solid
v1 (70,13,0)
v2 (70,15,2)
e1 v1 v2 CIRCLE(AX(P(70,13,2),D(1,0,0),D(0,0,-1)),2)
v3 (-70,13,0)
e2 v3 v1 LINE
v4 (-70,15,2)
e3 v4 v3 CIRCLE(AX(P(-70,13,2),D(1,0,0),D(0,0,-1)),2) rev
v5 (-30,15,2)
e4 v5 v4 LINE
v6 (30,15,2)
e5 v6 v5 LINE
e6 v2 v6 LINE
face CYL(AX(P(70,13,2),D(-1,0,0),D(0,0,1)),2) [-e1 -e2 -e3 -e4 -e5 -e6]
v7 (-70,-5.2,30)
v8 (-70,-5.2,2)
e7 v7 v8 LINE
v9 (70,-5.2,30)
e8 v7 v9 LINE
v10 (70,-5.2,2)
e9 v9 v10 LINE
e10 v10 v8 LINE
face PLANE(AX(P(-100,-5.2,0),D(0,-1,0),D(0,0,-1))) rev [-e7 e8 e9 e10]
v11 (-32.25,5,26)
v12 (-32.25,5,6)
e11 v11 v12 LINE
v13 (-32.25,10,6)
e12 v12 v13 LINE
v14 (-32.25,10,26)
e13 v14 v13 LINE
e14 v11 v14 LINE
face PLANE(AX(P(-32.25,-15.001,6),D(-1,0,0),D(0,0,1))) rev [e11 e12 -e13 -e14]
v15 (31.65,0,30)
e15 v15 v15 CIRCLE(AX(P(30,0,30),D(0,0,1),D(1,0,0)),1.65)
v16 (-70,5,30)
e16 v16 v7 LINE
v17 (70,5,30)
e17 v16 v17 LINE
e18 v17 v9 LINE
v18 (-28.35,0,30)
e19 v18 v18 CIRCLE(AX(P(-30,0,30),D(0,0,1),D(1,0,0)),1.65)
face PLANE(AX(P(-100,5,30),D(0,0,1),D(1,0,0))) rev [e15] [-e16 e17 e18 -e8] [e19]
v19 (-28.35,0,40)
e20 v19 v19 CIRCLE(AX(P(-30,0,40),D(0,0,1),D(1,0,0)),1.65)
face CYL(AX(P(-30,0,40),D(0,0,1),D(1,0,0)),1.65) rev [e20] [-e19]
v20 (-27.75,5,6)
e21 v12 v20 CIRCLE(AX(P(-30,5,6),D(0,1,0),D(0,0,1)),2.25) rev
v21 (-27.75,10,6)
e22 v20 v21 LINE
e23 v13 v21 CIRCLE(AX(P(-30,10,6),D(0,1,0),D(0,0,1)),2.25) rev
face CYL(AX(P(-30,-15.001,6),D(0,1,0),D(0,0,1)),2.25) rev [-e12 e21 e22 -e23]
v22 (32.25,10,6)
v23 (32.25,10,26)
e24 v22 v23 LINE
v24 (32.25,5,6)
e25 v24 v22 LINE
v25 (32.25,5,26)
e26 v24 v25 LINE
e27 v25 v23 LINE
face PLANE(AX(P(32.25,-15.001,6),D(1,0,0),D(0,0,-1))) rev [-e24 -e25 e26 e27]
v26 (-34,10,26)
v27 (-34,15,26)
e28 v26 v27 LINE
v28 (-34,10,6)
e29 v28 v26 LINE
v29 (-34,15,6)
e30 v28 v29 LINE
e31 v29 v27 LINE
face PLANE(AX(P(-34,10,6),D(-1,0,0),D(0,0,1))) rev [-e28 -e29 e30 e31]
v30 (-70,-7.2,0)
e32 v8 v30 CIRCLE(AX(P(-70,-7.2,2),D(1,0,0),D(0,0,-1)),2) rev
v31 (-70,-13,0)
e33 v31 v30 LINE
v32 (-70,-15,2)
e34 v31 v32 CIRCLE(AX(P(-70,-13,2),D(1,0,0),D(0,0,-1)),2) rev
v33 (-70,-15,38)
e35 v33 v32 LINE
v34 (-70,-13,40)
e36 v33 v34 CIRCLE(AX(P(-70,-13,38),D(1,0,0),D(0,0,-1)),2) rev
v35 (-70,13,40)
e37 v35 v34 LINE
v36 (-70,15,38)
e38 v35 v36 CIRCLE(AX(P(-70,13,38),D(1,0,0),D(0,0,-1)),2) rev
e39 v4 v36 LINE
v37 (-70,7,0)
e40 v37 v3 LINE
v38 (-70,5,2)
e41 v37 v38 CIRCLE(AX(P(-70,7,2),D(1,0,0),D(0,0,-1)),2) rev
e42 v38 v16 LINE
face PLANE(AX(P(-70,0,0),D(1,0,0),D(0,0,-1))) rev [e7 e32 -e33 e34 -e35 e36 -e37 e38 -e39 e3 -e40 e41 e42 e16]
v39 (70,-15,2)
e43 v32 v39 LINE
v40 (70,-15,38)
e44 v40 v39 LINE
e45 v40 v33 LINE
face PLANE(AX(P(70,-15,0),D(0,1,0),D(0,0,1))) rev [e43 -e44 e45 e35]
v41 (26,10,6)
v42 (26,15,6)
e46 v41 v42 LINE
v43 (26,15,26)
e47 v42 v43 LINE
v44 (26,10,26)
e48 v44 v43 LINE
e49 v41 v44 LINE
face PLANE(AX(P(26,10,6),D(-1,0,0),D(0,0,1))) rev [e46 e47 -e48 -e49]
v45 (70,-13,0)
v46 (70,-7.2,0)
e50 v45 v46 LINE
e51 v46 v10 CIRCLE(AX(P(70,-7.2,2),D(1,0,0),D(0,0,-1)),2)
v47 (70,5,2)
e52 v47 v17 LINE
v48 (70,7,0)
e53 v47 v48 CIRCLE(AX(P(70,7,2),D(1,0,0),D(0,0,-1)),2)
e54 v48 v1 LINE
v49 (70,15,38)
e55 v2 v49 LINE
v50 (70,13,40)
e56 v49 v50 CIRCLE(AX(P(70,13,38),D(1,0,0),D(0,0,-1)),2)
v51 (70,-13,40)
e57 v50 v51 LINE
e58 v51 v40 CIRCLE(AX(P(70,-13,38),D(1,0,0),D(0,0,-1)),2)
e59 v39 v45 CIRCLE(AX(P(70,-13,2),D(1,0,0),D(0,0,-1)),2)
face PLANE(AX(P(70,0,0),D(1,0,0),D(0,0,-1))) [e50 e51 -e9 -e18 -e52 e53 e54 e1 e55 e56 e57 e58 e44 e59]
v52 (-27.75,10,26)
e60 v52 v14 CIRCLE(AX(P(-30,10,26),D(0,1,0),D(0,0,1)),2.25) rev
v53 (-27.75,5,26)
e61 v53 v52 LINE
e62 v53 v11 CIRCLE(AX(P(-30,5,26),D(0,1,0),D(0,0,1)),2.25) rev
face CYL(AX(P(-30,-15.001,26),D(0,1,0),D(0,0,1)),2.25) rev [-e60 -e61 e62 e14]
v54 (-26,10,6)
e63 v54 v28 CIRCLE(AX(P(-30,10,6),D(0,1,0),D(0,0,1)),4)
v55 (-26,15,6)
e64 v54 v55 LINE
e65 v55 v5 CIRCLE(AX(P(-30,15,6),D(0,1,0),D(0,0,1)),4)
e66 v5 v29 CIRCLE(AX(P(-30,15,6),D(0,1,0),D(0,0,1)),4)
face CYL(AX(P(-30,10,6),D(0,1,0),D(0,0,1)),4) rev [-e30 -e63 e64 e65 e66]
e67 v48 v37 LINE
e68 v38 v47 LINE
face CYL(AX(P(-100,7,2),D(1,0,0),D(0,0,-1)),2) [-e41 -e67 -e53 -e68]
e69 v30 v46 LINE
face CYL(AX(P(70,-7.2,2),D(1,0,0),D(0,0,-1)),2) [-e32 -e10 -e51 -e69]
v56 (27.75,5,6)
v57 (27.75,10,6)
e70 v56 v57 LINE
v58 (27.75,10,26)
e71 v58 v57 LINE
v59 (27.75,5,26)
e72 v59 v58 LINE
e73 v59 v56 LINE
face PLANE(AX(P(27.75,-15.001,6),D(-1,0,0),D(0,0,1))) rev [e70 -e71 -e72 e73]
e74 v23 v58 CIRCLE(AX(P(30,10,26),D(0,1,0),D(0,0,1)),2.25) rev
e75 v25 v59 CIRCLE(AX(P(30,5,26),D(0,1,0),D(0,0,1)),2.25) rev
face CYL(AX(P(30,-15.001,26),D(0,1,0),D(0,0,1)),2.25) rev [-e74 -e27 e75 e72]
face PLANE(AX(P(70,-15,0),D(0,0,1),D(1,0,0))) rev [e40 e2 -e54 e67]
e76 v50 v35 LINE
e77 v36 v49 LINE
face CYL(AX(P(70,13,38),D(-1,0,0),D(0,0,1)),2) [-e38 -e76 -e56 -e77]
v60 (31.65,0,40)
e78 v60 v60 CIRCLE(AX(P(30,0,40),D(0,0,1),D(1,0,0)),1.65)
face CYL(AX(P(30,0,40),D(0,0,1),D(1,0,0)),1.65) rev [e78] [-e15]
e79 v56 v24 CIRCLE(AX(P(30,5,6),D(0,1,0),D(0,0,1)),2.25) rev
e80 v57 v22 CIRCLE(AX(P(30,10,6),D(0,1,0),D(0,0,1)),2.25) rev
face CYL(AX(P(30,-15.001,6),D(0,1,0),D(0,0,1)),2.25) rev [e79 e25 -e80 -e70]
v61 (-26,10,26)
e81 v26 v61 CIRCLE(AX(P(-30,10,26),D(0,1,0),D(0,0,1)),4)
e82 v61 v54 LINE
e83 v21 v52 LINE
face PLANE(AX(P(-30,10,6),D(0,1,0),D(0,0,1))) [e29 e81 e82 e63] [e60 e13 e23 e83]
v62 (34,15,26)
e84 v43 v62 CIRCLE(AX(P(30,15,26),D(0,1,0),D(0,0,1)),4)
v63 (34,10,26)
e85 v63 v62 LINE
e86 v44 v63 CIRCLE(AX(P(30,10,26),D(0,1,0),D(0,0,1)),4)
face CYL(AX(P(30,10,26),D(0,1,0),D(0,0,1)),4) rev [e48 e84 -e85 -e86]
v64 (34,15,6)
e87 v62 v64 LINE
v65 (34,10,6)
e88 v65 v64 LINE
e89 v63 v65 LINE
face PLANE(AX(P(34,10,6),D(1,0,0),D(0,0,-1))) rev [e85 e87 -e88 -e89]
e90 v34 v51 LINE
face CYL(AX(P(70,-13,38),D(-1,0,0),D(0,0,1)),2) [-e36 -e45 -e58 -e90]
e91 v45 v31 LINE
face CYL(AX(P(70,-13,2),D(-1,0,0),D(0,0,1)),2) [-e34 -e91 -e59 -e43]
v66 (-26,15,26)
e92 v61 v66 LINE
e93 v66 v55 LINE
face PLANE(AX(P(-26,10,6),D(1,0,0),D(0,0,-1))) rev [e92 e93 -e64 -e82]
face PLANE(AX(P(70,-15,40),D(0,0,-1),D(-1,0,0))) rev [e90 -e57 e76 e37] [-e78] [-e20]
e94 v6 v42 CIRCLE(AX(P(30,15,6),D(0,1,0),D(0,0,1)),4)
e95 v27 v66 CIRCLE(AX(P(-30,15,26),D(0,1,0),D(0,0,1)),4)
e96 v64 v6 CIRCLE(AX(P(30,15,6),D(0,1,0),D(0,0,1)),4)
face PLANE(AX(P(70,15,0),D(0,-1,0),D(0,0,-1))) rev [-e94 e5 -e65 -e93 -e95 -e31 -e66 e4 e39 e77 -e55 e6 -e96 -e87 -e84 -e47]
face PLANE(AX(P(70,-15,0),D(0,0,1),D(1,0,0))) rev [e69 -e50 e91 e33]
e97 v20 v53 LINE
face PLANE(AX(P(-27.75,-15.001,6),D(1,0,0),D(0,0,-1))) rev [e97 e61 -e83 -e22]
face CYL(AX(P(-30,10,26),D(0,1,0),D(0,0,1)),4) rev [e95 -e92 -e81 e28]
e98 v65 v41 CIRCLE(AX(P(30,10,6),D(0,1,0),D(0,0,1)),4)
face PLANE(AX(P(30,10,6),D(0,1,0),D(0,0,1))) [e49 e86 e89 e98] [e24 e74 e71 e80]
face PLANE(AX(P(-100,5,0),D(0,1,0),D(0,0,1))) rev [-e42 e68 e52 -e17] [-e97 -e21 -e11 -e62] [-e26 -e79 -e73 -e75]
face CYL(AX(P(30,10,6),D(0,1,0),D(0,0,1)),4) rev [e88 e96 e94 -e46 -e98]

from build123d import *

# Parameters (mm, degrees)
ESQUISSE1_W             = 40
ESQUISSE1_H             = 30
BOSS_EXTRU_1_DEPTH      = 70
ESQUISSE2_W             = 30
ESQUISSE2_H             = 10.2
ENL_V_MAT_EXTRU_1_DEPTH = 100
CONG_1_R                = 2
ENL_V_MAT_EXTRU_2_REACH = 88.023
ENL_V_MAT_EXTRU_3_DEPTH = 5
TROU_TARAUD_M41_D       = 3.3


with BuildPart() as part:
    # Esquisse1 → Boss.-Extru.1 (new, symmetric)
    with BuildSketch(Plane(origin=(0, 0, 0), x_dir=(0, 0, -1), z_dir=(1, 0, 0))):
        with Locations((-20, 0)):
            Rectangle(ESQUISSE1_W, ESQUISSE1_H)
    extrude(amount=BOSS_EXTRU_1_DEPTH, both=True)

    # Esquisse2 → Enlèv. mat.-Extru.1 (cut, symmetric)
    with BuildSketch(Plane(origin=(0, 0, 0), x_dir=(0, 0, -1), z_dir=(1, 0, 0))):
        with Locations((-15, -0.1)):
            Rectangle(ESQUISSE2_W, ESQUISSE2_H)
    extrude(amount=ENL_V_MAT_EXTRU_1_DEPTH, both=True, mode=Mode.SUBTRACT)

    # Congé1
    cong_1_edges = [part.edges().sort_by_distance(p)[0] for p in [
        (0, 5, 0),
        (0, -5.2, 0),
        (0, -15, 0),
        (0, -15, 40),
        (0, 15, 40),
        (0, 15, 0),
    ]]
    fillet(cong_1_edges, radius=CONG_1_R)

    # Esquisse5 → Enlèv. mat.-Extru.2 (cut, up to next)
    with BuildSketch(Plane(origin=(0, 15, 0), x_dir=(1, 0, 0), z_dir=(0, 1, 0)), mode=Mode.PRIVATE) as enl_v_mat_extru_2_sk1:
        with BuildLine():
            Line((-32.25, -6), (-32.25, -26))
            ThreePointArc((-32.25, -26), (-30, -28.25), (-27.75, -26))
            Line((-27.75, -26), (-27.75, -6))
            ThreePointArc((-27.75, -6), (-30, -3.75), (-32.25, -6))
        make_face()
    enl_v_mat_extru_2_tool1 = extrude(enl_v_mat_extru_2_sk1.sketch, amount=-ENL_V_MAT_EXTRU_2_REACH, mode=Mode.PRIVATE) & part.part
    # Esquisse5 → Enlèv. mat.-Extru.2 (cut, up to next)
    with BuildSketch(Plane(origin=(0, 15, 0), x_dir=(1, 0, 0), z_dir=(0, 1, 0)), mode=Mode.PRIVATE) as enl_v_mat_extru_2_sk2:
        with BuildLine():
            Line((32.25, -6), (32.25, -26))
            ThreePointArc((32.25, -26), (30, -28.25), (27.75, -26))
            Line((27.75, -26), (27.75, -6))
            ThreePointArc((27.75, -6), (30, -3.75), (32.25, -6))
        make_face()
    enl_v_mat_extru_2_tool2 = extrude(enl_v_mat_extru_2_sk2.sketch, amount=-ENL_V_MAT_EXTRU_2_REACH, mode=Mode.PRIVATE) & part.part
    add(enl_v_mat_extru_2_tool1.solids().sort_by_distance((-30, 15, 16))[0], mode=Mode.SUBTRACT)
    add(enl_v_mat_extru_2_tool2.solids().sort_by_distance((30, 15, 16))[0], mode=Mode.SUBTRACT)

    # Esquisse6 → Enlèv. mat.-Extru.3 (cut)
    with BuildSketch(Plane(origin=(0, 15, 0), x_dir=(1, 0, 0), z_dir=(0, 1, 0))):
        with BuildLine():
            Line((-34, -6), (-34, -26))
            ThreePointArc((-34, -26), (-30, -30), (-26, -26))
            Line((-26, -26), (-26, -6))
            ThreePointArc((-26, -6), (-30, -2), (-34, -6))
        make_face()
        with BuildLine():
            Line((26, -6), (26, -26))
            ThreePointArc((26, -26), (30, -30), (34, -26))
            Line((34, -26), (34, -6))
            ThreePointArc((34, -6), (30, -2), (26, -6))
        make_face()
    extrude(amount=-ENL_V_MAT_EXTRU_3_DEPTH, mode=Mode.SUBTRACT)

    # Trou taraudé M41 (through all)
    with Locations(Plane.XY.offset(40)):
        with Locations((-30, 0), (30, 0)):
            Hole(TROU_TARAUD_M41_D / 2)


solid = part.part
